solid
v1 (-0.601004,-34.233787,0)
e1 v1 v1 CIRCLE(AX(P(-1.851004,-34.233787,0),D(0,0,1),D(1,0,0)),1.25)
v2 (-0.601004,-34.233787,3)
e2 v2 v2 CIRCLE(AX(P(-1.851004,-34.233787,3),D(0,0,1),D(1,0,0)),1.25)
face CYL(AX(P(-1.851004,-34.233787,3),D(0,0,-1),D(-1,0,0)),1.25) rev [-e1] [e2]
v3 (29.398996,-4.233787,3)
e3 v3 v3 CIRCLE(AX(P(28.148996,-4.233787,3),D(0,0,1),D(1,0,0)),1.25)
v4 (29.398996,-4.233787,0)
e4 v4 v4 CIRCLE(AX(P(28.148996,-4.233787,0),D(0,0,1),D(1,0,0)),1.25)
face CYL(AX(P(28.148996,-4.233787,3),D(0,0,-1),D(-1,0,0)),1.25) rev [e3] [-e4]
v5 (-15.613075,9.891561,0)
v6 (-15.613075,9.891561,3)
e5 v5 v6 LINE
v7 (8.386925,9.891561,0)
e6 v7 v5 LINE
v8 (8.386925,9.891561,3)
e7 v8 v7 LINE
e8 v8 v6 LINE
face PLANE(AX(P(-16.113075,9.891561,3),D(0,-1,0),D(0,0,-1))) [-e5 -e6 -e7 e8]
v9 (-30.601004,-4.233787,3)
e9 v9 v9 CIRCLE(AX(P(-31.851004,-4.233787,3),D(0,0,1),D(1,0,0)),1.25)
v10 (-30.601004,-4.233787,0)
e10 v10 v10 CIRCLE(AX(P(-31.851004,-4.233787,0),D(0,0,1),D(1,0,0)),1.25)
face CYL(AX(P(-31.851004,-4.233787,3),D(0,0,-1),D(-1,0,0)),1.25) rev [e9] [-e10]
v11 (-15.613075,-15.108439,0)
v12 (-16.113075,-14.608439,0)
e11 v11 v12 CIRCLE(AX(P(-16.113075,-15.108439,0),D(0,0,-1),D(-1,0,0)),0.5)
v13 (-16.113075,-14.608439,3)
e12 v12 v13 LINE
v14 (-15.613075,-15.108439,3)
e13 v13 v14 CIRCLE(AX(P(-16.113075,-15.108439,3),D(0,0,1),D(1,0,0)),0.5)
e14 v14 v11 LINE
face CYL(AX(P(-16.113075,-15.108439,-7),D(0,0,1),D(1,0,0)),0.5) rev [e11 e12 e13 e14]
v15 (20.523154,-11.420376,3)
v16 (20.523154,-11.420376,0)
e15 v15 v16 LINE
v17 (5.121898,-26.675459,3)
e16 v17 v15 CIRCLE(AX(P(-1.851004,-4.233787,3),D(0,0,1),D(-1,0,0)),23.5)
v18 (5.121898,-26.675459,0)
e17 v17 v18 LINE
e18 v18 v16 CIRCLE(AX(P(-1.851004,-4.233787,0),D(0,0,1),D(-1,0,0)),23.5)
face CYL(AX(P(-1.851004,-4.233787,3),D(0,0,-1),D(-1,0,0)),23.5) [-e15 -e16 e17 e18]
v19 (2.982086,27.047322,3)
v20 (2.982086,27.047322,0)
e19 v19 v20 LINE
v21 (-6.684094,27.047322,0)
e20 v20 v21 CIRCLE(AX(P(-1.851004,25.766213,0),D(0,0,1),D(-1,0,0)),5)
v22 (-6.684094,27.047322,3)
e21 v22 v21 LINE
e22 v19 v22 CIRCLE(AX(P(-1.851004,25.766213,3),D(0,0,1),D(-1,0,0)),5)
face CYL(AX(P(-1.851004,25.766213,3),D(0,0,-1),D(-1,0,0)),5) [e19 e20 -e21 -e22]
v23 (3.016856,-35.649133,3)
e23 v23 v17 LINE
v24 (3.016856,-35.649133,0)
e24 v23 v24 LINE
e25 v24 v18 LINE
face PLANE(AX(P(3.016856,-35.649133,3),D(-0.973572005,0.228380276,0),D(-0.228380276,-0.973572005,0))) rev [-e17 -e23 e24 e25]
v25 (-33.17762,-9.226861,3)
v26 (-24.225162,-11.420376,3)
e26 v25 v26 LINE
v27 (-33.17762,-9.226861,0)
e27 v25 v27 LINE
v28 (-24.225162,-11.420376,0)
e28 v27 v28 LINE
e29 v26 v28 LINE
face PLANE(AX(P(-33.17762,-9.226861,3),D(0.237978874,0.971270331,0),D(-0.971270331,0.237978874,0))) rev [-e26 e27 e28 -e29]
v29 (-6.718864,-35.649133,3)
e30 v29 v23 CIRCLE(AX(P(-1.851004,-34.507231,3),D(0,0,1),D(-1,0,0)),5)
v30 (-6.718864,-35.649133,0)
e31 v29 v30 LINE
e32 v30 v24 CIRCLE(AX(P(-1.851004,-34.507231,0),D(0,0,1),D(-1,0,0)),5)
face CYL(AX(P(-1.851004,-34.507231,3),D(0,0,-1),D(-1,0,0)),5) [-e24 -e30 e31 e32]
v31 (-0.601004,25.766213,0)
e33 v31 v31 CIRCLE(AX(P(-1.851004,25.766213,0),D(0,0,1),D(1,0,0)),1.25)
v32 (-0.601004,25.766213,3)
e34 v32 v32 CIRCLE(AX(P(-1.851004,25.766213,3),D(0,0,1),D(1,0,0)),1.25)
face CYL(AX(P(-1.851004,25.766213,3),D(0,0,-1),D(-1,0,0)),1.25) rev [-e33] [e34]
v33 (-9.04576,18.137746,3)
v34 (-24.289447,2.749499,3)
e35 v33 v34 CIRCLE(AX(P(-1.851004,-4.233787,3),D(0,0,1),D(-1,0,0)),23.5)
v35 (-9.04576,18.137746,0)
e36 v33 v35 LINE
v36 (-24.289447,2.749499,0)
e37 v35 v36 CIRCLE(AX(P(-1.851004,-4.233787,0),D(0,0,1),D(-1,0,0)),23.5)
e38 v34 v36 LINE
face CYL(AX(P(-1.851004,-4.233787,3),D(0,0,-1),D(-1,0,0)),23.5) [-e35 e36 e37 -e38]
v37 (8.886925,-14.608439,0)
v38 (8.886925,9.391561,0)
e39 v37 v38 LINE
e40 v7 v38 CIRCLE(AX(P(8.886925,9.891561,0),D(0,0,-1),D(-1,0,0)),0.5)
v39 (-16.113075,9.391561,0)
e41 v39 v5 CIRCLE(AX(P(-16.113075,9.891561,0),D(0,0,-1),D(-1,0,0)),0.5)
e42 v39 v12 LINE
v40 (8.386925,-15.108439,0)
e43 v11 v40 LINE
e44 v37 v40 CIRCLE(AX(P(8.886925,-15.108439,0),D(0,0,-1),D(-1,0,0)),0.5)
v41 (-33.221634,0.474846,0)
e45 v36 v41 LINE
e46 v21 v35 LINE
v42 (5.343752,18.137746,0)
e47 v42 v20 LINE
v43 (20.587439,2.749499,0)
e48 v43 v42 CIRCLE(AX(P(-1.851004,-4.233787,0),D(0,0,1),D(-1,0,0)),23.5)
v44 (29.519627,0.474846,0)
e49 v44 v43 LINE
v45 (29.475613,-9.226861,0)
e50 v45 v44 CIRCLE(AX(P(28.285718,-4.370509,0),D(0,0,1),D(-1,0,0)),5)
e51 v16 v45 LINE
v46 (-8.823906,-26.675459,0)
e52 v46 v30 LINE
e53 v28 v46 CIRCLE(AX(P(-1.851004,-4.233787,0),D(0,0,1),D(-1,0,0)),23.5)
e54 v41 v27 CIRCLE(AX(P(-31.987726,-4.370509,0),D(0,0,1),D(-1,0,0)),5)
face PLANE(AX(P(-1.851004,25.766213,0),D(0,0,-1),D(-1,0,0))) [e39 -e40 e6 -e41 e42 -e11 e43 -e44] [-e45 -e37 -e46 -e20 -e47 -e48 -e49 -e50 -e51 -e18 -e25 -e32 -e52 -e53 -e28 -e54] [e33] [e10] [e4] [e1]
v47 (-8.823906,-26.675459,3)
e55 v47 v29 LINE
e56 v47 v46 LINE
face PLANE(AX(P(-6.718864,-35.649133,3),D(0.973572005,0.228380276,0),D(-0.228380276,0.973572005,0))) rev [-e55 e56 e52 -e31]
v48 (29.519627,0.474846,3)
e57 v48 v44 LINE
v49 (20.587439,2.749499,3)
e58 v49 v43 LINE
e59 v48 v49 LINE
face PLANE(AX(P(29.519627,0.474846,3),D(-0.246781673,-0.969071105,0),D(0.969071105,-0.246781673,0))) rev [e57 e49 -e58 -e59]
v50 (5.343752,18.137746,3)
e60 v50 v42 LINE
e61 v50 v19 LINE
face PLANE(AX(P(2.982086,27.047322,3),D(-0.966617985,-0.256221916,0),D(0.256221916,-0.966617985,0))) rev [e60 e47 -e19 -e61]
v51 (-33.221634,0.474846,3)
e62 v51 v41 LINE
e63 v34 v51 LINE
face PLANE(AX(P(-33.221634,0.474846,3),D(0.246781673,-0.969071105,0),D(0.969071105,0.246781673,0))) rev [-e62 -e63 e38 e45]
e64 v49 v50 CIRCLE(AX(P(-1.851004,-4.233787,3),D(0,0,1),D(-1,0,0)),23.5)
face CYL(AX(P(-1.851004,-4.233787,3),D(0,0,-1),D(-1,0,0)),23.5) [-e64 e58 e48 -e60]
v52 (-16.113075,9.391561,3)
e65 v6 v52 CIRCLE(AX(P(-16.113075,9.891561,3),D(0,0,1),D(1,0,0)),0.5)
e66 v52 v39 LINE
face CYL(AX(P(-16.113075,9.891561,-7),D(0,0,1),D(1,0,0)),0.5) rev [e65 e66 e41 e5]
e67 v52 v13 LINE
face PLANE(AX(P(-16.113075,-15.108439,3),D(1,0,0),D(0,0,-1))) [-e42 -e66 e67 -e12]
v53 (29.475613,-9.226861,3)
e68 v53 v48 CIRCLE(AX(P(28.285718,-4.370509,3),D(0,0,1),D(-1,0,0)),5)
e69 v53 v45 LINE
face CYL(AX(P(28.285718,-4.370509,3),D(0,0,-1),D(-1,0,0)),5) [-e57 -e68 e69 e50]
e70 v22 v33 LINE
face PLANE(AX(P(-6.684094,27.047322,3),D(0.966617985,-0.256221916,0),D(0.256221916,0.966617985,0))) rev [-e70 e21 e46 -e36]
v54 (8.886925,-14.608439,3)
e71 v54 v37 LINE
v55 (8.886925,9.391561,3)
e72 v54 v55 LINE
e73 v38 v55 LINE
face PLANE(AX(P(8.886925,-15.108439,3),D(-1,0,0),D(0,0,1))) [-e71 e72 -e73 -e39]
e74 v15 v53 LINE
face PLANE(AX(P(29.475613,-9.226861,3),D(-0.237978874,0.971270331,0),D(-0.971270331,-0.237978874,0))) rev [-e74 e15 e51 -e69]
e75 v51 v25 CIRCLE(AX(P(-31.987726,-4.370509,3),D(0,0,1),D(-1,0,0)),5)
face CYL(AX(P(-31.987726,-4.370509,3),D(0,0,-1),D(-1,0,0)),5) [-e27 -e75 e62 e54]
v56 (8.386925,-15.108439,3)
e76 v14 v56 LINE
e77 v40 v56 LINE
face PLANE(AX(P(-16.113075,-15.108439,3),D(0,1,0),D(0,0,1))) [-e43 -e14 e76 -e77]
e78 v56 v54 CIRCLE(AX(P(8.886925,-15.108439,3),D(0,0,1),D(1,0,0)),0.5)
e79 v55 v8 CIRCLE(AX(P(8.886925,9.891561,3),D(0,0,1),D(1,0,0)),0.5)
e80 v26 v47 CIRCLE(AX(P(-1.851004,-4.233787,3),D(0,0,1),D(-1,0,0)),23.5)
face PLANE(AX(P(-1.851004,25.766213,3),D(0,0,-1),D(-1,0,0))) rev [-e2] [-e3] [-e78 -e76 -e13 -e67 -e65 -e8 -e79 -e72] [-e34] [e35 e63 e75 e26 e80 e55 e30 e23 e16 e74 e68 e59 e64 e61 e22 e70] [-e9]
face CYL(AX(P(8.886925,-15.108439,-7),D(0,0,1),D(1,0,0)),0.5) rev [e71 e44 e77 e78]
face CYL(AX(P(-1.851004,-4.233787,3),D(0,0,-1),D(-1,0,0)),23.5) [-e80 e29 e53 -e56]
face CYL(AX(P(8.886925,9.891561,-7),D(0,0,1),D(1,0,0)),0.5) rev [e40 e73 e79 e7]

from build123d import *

# Parameters (mm, degrees)
SKETCH1_R           = 1.25
SKETCH1_W           = 25
SKETCH1_H           = 25
BOSS_EXTRUDE1_DEPTH = 3
SKETCH2_R           = 0.5
CUT_EXTRUDE1_DEPTH  = 10


with BuildPart() as part:
    # Sketch1 → Boss-Extrude1 (new body)
    with BuildSketch(Plane.XY):
        with BuildLine():
            Line((-33.221634358, 0.474846268), (-24.289446699, 2.749498978))
            ThreePointArc((-24.289446699, 2.749498978), (-18.546247277, 12.304618098), (-9.045759802, 18.137745796))
            Line((-9.045759802, 18.137745796), (-6.684093846, 27.047322398))
            ThreePointArc((-6.684093846, 27.047322398), (-1.851003919, 30.766212818), (2.982086008, 27.047322398))
            Line((2.982086008, 27.047322398), (5.343751964, 18.137745796))
            ThreePointArc((5.343751964, 18.137745796), (14.844239439, 12.304618098), (20.587438861, 2.749498978))
            Line((20.587438861, 2.749498978), (29.51962652, 0.474846268))
            ThreePointArc((29.51962652, 0.474846268), (33.2856667, -4.393192656), (29.475612525, -9.226860909))
            Line((29.475612525, -9.226860909), (20.523154011, -11.420375867))
            ThreePointArc((20.523154011, -11.420375867), (14.686585816, -20.929838384), (5.121898214, -26.675459041))
            Line((5.121898214, -26.675459041), (3.016856108, -35.649132707))
            ThreePointArc((3.016856108, -35.649132707), (-1.851003919, -39.507231329), (-6.718863946, -35.649132707))
            Line((-6.718863946, -35.649132707), (-8.823906053, -26.675459041))
            ThreePointArc((-8.823906053, -26.675459041), (-18.388593654, -20.929838384), (-24.225161849, -11.420375867))
            Line((-24.225161849, -11.420375867), (-33.177620364, -9.226860909))
            ThreePointArc((-33.177620364, -9.226860909), (-36.987674539, -4.393192656), (-33.221634358, 0.474846268))
        make_face()
        with Locations((-1.851003919, 25.766212818)):
            Circle(SKETCH1_R, mode=Mode.SUBTRACT)
        with Locations((28.148996081, -4.233787182)):
            Circle(SKETCH1_R, mode=Mode.SUBTRACT)
        with Locations((-1.851003919, -34.233787182)):
            Circle(SKETCH1_R, mode=Mode.SUBTRACT)
        with Locations((-31.851003919, -4.233787182)):
            Circle(SKETCH1_R, mode=Mode.SUBTRACT)
        with Locations((-3.613074624, -2.60843855)):
            Rectangle(SKETCH1_W, SKETCH1_H, mode=Mode.SUBTRACT)
    extrude(amount=BOSS_EXTRUDE1_DEPTH)

    # Sketch2 → Cut-Extrude1 (cut)
    with BuildSketch(Plane.XY.offset(3)):
        with Locations((-16.113074624, 9.89156145)):
            Circle(SKETCH2_R)
        with Locations((8.886925376, 9.89156145)):
            Circle(SKETCH2_R)
        with Locations((8.886925376, -15.10843855)):
            Circle(SKETCH2_R)
        with Locations((-16.113074624, -15.10843855)):
            Circle(SKETCH2_R)
    extrude(amount=-CUT_EXTRUDE1_DEPTH, mode=Mode.SUBTRACT)


solid = part.part
